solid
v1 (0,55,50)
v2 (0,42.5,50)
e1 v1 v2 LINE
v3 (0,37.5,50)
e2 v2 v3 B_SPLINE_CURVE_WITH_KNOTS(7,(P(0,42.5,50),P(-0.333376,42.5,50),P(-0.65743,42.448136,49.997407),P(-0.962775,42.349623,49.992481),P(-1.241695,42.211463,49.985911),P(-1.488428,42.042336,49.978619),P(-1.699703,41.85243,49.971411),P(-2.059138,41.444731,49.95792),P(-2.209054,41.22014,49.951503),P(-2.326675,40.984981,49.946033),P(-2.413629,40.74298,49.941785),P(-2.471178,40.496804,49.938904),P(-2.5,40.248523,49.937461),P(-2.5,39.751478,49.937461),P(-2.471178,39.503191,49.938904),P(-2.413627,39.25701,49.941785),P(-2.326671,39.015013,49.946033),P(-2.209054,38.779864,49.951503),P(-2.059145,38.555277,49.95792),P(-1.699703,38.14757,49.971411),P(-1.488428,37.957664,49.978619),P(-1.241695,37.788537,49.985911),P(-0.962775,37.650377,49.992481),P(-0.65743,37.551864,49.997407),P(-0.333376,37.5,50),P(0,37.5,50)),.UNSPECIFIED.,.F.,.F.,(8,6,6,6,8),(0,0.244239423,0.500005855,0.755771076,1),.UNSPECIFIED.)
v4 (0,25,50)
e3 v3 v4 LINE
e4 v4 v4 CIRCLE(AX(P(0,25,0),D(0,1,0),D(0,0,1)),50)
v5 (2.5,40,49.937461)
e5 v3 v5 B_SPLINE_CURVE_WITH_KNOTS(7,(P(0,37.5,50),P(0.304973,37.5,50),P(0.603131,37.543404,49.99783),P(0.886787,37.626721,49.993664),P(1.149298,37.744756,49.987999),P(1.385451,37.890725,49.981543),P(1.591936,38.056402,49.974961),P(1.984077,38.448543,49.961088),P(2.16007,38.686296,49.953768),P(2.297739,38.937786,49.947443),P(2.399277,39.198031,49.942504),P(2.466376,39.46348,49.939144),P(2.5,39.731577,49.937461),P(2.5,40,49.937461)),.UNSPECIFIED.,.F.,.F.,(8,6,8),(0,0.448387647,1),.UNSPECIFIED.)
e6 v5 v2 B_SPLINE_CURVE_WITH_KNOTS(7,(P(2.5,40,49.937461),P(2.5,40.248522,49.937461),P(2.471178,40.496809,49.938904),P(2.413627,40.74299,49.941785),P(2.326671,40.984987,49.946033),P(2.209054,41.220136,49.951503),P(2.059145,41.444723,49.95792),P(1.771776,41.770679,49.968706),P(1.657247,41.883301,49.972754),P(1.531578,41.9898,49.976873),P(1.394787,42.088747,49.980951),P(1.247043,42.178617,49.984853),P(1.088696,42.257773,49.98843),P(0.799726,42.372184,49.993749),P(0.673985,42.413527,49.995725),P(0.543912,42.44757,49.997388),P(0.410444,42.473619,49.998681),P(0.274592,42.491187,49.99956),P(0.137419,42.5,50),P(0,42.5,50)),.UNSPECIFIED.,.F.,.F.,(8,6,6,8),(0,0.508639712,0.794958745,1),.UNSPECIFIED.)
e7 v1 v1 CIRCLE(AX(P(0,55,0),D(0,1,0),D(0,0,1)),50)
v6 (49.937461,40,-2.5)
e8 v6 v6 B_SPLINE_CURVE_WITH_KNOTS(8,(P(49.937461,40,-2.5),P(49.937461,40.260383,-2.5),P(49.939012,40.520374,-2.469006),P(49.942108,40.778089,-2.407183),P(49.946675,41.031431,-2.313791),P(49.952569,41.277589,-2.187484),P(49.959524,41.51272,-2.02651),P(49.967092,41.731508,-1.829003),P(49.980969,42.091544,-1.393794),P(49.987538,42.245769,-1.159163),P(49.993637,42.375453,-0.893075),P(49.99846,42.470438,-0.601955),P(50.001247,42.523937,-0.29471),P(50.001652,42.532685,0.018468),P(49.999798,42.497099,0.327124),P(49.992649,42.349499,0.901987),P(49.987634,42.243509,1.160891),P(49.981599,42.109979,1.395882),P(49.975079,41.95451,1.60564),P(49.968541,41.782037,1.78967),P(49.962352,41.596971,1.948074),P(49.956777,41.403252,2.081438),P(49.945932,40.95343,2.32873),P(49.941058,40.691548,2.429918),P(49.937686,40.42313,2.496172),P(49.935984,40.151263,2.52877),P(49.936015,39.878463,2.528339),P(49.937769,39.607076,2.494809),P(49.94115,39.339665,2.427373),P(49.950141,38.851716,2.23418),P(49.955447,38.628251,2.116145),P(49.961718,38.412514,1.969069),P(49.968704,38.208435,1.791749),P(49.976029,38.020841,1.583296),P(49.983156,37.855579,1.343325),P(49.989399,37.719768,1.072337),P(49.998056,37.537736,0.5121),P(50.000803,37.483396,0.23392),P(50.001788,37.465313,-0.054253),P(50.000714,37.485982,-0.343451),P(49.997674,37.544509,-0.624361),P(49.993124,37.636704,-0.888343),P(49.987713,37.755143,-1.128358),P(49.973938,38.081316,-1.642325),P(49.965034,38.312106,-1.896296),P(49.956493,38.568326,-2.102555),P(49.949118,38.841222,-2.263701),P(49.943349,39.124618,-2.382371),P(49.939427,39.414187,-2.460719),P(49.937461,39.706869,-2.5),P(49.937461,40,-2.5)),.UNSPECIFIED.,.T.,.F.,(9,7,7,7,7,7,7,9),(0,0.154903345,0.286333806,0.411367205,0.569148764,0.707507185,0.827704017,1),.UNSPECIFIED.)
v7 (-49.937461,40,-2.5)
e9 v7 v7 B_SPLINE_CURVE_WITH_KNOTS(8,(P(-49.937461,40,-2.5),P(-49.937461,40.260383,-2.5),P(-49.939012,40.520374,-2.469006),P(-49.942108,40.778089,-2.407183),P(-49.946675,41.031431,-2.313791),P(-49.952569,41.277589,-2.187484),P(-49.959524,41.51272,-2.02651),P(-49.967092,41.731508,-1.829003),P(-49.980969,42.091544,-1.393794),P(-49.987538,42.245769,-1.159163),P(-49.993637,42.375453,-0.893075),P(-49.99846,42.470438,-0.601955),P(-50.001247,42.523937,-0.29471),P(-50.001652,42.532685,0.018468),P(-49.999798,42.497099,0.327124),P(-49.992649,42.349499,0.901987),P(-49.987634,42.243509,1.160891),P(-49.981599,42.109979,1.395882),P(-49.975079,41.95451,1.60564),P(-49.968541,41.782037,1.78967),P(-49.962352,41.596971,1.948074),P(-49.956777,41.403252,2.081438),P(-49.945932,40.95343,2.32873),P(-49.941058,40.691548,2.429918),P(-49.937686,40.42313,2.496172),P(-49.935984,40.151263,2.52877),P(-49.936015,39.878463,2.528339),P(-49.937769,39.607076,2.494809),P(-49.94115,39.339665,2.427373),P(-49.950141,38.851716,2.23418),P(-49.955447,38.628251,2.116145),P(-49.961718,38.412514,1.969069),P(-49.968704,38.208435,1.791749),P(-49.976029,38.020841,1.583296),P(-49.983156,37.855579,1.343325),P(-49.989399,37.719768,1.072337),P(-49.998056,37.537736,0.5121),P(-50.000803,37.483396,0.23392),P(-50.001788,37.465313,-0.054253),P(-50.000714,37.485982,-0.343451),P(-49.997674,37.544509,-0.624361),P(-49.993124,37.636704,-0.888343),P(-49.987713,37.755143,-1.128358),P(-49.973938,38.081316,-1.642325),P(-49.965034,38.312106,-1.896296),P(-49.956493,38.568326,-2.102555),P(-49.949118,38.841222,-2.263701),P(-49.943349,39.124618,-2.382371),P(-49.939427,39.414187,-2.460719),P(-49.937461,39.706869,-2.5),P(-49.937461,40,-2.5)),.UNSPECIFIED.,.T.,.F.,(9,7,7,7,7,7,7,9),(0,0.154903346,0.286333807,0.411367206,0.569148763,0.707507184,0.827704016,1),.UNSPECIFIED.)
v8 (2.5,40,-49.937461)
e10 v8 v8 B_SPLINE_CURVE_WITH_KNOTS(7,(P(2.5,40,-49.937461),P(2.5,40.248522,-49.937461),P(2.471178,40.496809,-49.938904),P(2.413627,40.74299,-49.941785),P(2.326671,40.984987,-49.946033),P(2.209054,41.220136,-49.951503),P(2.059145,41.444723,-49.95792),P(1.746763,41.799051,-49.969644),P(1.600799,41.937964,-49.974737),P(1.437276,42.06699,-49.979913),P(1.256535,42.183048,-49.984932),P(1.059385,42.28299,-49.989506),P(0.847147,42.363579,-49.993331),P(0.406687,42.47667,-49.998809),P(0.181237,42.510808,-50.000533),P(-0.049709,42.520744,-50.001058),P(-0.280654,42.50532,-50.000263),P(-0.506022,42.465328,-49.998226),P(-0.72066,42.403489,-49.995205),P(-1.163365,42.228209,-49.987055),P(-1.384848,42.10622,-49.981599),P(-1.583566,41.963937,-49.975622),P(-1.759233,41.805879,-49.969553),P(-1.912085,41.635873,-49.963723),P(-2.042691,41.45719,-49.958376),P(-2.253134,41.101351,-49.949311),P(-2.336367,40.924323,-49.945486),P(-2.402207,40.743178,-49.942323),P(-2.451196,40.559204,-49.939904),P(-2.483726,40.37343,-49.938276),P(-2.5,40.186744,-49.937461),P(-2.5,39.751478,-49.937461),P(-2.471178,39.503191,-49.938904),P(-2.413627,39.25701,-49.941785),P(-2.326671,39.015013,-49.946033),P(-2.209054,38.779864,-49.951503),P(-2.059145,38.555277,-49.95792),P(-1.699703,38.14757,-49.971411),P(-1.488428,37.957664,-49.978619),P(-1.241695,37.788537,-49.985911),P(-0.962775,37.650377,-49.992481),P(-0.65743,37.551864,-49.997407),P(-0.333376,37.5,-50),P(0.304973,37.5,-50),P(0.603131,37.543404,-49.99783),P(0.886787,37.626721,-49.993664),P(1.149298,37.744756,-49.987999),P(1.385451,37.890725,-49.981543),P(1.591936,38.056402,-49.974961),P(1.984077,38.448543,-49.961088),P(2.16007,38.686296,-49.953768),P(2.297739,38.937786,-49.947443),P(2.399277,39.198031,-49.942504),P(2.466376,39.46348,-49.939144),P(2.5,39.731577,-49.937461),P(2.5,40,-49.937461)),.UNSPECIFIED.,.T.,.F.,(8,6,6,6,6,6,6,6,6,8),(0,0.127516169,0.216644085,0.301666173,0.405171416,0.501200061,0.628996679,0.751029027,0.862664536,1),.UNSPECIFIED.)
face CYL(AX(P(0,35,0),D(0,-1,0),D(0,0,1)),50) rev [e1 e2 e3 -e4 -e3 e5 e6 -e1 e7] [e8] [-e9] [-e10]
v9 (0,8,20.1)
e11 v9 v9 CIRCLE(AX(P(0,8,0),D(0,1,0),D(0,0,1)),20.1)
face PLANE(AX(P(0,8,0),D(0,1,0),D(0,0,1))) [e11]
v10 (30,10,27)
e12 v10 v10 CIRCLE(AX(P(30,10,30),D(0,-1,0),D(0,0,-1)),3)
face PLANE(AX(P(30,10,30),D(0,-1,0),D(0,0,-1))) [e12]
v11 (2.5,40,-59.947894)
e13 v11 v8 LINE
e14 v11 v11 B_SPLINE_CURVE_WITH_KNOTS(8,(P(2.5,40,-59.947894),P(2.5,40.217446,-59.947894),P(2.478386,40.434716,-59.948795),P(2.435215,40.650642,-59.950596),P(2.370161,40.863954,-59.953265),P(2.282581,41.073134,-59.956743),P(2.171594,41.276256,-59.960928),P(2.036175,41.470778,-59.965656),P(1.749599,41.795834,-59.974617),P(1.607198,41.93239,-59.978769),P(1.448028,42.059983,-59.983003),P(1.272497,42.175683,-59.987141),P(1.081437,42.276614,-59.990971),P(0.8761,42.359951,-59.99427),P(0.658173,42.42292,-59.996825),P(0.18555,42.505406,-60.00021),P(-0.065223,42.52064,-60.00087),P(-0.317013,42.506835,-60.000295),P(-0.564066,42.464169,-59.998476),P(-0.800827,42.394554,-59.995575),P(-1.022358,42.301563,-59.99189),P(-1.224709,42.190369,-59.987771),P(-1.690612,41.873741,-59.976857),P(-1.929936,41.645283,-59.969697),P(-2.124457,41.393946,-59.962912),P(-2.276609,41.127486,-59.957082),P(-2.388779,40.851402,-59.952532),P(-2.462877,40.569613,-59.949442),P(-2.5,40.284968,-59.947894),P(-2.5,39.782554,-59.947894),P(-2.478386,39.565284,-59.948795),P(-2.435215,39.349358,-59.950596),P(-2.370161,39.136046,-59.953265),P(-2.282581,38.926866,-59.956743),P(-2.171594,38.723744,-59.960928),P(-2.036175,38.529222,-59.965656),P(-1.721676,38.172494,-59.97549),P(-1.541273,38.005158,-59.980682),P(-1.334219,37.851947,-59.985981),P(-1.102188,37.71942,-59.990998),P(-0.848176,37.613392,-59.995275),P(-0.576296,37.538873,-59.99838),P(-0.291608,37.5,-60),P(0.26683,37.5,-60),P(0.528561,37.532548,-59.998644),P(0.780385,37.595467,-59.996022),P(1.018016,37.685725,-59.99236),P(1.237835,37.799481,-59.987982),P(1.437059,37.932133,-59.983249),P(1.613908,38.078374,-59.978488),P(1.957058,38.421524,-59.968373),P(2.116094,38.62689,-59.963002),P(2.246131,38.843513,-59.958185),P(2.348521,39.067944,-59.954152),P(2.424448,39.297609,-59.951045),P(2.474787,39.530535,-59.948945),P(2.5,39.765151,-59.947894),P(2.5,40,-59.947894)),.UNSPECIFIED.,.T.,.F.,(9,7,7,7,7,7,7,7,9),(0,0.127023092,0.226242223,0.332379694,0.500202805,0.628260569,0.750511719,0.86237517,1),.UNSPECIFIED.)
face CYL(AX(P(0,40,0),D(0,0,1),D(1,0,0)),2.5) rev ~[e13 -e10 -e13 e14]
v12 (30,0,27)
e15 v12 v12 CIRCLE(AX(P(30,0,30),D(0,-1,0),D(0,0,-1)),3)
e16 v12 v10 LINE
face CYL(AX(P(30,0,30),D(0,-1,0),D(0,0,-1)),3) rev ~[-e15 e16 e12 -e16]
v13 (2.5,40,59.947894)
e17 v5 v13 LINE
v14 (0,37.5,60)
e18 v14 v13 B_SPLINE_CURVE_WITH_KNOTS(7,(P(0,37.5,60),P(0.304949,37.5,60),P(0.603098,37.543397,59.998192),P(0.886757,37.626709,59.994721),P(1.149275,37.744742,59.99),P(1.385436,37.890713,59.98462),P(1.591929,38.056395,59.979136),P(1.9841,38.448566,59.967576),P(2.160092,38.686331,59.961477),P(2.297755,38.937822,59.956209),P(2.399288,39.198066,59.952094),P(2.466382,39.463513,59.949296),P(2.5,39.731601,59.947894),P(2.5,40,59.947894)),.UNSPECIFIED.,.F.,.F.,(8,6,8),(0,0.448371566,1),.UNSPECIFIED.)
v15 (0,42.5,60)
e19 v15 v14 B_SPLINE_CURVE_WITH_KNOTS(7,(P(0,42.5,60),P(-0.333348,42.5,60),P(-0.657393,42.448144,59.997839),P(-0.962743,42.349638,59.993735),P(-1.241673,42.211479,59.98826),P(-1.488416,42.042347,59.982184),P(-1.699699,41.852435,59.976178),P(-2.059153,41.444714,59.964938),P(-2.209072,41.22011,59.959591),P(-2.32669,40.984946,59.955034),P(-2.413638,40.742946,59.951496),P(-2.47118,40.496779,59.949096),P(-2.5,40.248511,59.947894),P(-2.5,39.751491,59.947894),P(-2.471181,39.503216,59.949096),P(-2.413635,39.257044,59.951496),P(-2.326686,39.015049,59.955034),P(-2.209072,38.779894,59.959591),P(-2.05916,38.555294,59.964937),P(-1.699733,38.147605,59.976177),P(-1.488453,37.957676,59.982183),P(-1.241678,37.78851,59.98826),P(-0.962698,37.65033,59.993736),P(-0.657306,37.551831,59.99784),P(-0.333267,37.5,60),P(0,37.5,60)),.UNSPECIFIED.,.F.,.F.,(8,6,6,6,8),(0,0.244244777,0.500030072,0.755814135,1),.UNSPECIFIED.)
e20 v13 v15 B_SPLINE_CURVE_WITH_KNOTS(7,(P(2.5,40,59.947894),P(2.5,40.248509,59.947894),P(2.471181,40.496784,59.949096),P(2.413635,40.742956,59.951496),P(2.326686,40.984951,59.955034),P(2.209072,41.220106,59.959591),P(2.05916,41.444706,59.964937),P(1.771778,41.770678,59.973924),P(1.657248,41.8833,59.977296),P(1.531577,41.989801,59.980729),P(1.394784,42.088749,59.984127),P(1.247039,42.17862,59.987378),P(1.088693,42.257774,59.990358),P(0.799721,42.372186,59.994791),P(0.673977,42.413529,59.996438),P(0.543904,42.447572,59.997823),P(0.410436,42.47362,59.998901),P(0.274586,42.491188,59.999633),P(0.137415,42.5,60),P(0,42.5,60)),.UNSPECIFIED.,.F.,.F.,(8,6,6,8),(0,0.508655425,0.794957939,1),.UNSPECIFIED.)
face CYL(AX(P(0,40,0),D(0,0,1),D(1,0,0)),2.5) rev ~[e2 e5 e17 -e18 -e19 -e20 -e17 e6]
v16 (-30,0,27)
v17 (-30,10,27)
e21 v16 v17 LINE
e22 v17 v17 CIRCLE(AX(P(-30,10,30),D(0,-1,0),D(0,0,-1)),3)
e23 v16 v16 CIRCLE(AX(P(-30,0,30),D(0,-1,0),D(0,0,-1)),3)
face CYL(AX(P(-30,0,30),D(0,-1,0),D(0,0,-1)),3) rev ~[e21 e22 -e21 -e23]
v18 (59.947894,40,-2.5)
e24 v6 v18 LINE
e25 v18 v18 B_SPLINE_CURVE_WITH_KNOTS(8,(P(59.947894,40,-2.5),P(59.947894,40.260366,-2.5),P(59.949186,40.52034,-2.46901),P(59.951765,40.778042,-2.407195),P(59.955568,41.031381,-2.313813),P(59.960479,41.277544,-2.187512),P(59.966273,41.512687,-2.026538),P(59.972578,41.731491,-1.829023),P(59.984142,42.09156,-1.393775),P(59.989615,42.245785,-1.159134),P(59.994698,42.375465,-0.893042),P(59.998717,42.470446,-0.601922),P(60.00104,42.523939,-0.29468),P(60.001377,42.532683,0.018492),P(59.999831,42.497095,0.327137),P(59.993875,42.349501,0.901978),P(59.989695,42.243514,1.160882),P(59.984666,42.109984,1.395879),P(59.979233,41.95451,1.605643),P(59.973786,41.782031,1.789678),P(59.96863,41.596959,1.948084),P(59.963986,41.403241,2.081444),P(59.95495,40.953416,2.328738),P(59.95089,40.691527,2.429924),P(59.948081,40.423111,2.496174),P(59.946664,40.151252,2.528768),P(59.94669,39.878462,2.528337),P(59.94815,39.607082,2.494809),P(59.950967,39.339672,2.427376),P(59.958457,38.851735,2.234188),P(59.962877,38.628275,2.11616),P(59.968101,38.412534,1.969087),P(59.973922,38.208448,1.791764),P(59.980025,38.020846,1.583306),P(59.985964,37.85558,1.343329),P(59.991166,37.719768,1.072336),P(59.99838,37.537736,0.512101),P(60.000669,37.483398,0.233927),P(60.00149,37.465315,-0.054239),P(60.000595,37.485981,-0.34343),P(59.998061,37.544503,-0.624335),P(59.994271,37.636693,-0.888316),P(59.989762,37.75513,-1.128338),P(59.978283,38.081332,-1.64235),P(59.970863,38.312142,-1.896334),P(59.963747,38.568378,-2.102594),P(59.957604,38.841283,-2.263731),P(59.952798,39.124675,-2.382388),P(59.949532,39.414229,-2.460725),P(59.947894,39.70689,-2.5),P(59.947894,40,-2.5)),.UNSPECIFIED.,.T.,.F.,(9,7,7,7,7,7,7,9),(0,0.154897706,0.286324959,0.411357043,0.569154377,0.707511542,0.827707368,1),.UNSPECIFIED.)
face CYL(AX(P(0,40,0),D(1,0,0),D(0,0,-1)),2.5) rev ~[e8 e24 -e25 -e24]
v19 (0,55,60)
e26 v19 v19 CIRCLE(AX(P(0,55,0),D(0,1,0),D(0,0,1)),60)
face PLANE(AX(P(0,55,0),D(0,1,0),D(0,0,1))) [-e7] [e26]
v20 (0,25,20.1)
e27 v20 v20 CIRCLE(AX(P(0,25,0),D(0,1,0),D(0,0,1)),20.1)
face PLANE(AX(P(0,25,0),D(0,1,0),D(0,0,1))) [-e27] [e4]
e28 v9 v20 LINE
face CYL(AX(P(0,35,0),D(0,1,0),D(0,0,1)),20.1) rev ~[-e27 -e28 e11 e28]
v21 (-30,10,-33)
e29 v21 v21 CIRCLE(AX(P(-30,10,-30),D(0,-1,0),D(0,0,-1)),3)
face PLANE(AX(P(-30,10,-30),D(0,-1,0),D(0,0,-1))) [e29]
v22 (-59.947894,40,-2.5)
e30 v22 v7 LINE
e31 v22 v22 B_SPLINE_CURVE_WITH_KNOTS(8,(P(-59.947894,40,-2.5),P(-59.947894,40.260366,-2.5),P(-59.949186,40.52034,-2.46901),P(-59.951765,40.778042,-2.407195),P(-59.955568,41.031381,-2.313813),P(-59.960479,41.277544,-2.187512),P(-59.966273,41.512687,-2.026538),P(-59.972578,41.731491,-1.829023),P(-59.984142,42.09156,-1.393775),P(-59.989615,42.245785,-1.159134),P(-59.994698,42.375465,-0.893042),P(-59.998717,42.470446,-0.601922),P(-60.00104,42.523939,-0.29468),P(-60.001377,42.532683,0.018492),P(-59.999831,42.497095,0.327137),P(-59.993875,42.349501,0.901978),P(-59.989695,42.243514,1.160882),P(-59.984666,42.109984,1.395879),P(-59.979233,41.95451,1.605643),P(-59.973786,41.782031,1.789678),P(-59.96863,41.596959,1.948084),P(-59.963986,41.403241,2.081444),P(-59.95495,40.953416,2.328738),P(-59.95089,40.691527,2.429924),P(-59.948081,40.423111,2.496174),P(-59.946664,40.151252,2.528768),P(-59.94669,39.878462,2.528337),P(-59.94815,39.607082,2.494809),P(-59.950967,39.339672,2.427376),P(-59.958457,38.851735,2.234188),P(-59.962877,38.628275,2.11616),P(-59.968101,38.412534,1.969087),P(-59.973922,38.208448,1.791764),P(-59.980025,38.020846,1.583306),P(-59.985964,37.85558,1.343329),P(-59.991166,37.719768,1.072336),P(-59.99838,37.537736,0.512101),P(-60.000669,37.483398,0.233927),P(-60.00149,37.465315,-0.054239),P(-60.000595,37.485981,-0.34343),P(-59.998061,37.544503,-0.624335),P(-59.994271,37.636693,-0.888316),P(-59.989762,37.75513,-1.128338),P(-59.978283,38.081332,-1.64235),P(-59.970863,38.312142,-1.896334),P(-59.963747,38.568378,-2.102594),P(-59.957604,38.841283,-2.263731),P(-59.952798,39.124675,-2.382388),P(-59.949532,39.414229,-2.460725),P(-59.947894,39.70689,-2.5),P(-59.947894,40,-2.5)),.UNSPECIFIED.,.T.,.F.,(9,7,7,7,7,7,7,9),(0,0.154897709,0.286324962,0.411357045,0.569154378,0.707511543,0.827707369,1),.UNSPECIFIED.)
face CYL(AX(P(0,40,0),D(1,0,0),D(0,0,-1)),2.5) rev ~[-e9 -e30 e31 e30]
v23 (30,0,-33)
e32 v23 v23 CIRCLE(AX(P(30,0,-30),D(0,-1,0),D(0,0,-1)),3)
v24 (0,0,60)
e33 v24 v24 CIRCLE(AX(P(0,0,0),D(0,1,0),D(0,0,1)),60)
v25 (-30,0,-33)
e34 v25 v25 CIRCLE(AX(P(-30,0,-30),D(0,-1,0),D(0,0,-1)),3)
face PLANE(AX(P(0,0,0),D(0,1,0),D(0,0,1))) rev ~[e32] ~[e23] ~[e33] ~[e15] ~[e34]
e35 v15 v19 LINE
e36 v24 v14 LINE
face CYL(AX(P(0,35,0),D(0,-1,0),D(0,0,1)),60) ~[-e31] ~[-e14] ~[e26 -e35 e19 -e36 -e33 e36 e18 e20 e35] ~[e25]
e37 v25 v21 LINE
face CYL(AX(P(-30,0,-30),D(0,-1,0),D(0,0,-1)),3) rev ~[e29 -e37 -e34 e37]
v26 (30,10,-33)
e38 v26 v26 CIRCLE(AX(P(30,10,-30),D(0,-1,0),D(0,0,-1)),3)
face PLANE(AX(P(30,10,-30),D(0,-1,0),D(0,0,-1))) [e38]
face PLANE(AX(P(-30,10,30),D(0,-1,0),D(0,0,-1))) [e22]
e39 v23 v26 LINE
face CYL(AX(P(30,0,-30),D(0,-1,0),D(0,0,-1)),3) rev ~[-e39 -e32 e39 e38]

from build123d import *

# Parameters (mm, degrees)
SKETCH1_R           = 60
BOSS_EXTRUDE1_DEPTH = 35
SKETCH2_R           = 20.1
CUT_EXTRUDE1_DEPTH  = 17
SKETCH3_R           = 3
CUT_EXTRUDE2_DEPTH  = 10
SKETCH5_R           = 50
CUT_EXTRUDE3_DEPTH  = 10
MOVE_FACE1_BY       = 20
MOVE_FACE4_BY       = 10
SKETCH6_R           = 2.5
CUT_EXTRUDE4_DEPTH  = 102.118742081
CIRPATTERN1_COUNT   = 2
CIRPATTERN1_ANGLE   = 90


with BuildPart() as part:
    # Sketch1 → Boss-Extrude1 (new body)
    with BuildSketch(Plane(origin=(0, 0, 0), x_dir=(1, 0, 0), z_dir=(0, 1, 0))):
        with Locations(Location((0, 0, 0), (0, 0, 270))):
            Circle(SKETCH1_R)
    extrude(amount=BOSS_EXTRUDE1_DEPTH)

    # Sketch2 → Cut-Extrude1 (cut)
    with BuildSketch(Plane(origin=(0, 35, 0), x_dir=(1, 0, 0), z_dir=(0, 1, 0))):
        with Locations(Location((0, 0, 0), (0, 0, 270))):
            Circle(SKETCH2_R)
    extrude(amount=-CUT_EXTRUDE1_DEPTH, mode=Mode.SUBTRACT)

    # Sketch3 → Cut-Extrude2 (cut)
    with BuildSketch(Plane.XZ):
        with Locations(Location((-30, 30, 0), (0, 0, 270))):
            Circle(SKETCH3_R)
        with Locations(Location((30, 30, 0), (0, 0, 270))):
            Circle(SKETCH3_R)
        with Locations(Location((30, -30, 0), (0, 0, 270))):
            Circle(SKETCH3_R)
        with Locations(Location((-30, -30, 0), (0, 0, 270))):
            Circle(SKETCH3_R)
    extrude(amount=-CUT_EXTRUDE2_DEPTH, mode=Mode.SUBTRACT)

    # Sketch5 → Cut-Extrude3 (cut)
    with BuildSketch(Plane(origin=(0, 35, 0), x_dir=(1, 0, 0), z_dir=(0, 1, 0))):
        with Locations(Location((0, 0, 0), (0, 0, 270))):
            Circle(SKETCH5_R)
    extrude(amount=-CUT_EXTRUDE3_DEPTH, mode=Mode.SUBTRACT)

    # Move Face1: a face moved outward by 20.0
    extrude(part.faces().sort_by_distance((-30, 35, 48))[0], amount=MOVE_FACE1_BY, dir=(0, 1, 0))

    # Move Face4: a face moved inward by 10.0
    extrude(part.faces().sort_by_distance((0, 18, 0))[0], amount=MOVE_FACE4_BY, dir=(0, -1, 0), mode=Mode.SUBTRACT)

    # Sketch6 → Cut-Extrude4 (cut, symmetric)
    with BuildSketch(Plane(origin=(0, 0, 0), x_dir=(0, 0, -1), z_dir=(1, 0, 0))):
        with Locations((0, 40)):
            Circle(SKETCH6_R)
    cut_extrude4 = extrude(amount=CUT_EXTRUDE4_DEPTH, both=True, mode=Mode.SUBTRACT)

    # CirPattern1: Cut-Extrude4 ×2 about axis
    cirpattern1_axis = Axis((0, 35, 0), (0, -1, 0))
    for i in range(1, CIRPATTERN1_COUNT):
        add(cut_extrude4.rotate(cirpattern1_axis, i * CIRPATTERN1_ANGLE / (CIRPATTERN1_COUNT - 1)), mode=Mode.SUBTRACT)


solid = part.part
